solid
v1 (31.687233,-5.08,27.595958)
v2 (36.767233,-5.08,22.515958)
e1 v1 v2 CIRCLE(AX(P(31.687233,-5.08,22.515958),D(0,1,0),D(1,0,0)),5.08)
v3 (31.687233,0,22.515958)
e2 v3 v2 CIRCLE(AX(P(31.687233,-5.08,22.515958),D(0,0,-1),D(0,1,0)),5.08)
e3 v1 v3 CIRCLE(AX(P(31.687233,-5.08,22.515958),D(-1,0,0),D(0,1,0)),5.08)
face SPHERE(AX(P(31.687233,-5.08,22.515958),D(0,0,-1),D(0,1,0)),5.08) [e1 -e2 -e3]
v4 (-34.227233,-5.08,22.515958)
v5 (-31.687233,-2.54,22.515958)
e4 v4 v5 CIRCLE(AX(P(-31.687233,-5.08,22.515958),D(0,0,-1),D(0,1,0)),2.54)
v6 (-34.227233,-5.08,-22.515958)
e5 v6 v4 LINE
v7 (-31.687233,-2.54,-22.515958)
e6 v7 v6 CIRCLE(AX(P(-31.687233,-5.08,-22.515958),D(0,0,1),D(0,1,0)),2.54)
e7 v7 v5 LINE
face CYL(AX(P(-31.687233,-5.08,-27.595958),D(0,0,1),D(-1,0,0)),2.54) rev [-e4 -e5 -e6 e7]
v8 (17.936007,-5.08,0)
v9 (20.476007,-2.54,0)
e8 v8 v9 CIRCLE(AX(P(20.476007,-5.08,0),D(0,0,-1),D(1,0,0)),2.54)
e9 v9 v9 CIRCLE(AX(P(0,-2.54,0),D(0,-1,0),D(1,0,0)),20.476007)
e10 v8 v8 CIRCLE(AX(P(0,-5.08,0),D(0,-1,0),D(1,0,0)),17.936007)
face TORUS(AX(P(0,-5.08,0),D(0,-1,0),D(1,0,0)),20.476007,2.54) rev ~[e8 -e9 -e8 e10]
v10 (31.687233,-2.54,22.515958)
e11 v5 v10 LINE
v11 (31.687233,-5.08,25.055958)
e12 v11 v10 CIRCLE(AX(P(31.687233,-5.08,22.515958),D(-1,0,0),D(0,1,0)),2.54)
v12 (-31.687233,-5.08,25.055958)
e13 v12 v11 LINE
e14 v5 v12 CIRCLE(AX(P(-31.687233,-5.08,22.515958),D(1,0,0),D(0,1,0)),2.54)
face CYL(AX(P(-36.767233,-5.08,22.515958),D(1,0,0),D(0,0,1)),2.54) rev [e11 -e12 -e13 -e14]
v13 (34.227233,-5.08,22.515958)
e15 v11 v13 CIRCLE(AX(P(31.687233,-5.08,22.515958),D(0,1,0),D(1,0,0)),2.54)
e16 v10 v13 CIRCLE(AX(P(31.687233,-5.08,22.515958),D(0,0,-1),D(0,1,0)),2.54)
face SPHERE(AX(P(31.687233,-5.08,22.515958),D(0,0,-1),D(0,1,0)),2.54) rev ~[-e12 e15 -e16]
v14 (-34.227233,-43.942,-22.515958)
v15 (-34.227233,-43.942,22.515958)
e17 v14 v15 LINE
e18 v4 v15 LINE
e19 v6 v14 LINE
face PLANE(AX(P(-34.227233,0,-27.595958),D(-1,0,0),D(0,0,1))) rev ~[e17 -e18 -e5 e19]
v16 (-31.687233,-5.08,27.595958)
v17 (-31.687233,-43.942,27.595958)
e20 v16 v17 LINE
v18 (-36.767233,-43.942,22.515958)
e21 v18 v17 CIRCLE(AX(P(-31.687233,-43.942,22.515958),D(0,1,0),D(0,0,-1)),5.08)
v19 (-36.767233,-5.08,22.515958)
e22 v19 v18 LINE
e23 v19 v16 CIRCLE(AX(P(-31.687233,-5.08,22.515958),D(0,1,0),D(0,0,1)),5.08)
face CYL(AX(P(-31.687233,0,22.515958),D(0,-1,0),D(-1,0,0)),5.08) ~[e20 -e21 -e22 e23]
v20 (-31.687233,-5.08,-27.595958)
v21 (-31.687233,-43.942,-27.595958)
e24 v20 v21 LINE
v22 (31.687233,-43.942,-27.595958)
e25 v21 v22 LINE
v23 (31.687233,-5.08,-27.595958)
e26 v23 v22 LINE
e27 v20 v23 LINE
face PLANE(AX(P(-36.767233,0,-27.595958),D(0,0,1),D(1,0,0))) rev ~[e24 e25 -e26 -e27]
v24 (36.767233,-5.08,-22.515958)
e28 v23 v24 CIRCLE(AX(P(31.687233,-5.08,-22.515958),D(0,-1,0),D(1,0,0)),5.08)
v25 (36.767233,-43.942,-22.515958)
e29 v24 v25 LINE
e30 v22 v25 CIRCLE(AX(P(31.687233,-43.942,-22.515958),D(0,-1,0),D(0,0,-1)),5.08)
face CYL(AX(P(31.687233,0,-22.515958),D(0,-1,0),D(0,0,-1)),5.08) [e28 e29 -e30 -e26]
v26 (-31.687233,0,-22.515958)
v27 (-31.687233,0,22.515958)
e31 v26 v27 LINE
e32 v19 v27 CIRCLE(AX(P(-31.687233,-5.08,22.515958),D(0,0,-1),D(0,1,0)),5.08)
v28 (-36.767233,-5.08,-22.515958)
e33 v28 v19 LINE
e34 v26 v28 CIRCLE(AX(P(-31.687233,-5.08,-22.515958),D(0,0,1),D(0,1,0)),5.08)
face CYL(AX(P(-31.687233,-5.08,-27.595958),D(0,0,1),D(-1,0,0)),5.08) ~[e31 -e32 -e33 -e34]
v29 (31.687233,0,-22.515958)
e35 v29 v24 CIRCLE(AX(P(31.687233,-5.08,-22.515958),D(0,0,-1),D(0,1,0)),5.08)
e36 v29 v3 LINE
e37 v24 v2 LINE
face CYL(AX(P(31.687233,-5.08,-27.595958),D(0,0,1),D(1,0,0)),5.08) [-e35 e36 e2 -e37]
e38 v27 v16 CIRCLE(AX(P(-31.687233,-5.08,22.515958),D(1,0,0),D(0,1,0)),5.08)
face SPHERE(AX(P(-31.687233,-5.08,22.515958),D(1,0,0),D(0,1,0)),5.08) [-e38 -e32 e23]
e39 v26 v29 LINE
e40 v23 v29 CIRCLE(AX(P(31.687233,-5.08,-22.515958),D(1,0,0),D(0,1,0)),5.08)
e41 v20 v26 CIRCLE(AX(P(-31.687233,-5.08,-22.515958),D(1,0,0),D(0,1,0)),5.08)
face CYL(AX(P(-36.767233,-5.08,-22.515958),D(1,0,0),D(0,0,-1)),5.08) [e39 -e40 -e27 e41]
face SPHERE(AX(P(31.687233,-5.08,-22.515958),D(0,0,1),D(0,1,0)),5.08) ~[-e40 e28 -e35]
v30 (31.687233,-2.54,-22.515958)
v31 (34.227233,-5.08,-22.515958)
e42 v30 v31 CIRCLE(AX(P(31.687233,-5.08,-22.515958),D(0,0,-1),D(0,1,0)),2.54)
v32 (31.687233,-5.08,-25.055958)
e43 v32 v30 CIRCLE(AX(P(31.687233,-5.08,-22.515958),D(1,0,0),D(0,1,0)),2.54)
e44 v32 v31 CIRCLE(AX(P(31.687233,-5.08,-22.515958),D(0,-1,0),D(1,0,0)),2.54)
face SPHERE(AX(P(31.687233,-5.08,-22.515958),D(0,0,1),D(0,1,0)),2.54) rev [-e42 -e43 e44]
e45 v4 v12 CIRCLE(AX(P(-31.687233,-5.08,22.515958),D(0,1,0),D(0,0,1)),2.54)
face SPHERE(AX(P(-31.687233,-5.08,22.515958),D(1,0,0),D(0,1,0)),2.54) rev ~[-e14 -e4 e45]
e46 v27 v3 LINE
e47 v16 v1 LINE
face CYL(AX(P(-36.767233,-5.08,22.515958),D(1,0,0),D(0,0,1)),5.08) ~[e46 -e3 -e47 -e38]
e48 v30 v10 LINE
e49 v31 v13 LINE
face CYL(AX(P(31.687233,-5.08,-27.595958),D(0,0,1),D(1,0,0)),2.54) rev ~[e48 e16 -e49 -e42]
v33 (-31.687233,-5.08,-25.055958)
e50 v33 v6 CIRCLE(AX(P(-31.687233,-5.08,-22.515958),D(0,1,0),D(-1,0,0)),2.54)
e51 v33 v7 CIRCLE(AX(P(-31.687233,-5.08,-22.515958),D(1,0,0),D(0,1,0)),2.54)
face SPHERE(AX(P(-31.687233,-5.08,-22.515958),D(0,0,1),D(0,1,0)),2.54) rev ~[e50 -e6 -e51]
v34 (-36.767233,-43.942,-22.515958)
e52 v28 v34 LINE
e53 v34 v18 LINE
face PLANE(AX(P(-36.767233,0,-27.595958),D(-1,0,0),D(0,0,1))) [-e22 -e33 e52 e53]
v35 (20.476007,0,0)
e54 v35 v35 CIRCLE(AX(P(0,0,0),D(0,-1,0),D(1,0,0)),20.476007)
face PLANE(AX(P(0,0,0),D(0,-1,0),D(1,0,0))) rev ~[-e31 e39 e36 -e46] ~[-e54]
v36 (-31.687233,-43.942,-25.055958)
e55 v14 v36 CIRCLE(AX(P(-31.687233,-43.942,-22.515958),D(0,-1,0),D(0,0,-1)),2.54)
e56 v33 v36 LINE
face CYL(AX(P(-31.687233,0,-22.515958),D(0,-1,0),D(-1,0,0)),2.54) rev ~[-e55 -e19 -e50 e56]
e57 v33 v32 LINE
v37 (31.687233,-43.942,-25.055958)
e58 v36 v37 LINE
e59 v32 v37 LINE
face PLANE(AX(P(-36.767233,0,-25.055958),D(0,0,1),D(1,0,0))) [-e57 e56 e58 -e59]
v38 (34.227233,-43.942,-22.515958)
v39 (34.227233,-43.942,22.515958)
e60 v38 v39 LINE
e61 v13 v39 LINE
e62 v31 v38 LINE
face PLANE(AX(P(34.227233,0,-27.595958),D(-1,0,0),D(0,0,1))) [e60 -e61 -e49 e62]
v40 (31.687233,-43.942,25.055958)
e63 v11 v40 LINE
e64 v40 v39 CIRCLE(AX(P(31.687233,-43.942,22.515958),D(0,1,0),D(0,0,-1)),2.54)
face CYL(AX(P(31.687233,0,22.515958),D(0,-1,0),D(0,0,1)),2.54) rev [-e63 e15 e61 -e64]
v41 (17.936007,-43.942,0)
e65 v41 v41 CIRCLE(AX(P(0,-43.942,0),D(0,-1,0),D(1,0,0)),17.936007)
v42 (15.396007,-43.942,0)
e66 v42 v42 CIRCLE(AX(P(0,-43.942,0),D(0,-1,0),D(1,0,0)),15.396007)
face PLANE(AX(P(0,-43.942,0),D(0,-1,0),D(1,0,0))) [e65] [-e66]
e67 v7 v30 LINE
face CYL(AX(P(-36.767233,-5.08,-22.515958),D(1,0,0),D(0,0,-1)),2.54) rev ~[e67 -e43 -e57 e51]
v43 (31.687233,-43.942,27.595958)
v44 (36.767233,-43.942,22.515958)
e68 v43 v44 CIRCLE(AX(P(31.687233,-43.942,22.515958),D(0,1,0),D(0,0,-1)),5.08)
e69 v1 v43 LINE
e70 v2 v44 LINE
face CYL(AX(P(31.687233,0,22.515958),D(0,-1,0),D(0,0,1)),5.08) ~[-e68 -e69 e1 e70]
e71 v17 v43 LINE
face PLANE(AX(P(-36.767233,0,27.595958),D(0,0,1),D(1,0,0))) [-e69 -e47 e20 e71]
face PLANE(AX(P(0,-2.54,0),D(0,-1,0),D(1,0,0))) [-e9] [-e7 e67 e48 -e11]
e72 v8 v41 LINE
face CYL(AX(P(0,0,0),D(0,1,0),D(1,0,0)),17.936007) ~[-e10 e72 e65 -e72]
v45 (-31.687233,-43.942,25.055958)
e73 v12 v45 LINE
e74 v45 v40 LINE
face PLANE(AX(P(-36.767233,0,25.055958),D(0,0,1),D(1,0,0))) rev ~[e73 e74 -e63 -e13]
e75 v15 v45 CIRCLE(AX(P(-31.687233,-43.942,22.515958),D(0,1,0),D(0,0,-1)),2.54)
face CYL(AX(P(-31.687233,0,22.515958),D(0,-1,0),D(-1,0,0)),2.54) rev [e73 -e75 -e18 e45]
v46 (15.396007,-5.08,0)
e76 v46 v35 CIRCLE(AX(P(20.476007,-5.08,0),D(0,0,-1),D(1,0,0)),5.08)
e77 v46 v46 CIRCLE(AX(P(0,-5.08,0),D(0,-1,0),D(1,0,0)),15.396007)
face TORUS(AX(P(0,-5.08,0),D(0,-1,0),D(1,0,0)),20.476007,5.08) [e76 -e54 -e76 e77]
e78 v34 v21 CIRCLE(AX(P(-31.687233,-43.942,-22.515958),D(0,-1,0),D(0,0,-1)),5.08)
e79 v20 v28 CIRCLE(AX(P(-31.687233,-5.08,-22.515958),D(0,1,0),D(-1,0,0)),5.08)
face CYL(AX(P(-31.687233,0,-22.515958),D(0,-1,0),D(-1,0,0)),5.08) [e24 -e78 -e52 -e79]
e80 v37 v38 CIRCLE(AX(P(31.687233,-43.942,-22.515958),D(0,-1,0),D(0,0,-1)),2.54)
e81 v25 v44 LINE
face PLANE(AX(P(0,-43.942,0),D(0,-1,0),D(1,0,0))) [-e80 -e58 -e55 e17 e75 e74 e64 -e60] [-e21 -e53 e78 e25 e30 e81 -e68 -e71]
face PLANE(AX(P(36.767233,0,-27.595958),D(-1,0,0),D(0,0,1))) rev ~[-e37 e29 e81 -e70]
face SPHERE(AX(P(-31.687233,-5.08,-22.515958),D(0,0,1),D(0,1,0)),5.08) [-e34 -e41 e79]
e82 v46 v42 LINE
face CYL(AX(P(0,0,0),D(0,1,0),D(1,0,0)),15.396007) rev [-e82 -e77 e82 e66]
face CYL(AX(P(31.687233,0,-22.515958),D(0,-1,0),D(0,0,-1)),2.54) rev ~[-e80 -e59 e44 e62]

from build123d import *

# Parameters (mm, degrees)
F0_W     = 73.534466
F0_H     = 55.191916
F0_R     = 15.396007
F1_DEPTH = 43.942
F2_R     = 5.08
F3_T     = -2.54


with BuildPart() as f1:
    # F0 (on Front) → F1 (new body)
    with BuildSketch(Plane.XZ):
        Rectangle(F0_W, F0_H)
        Circle(F0_R, mode=Mode.SUBTRACT)
    extrude(amount=F1_DEPTH)

    # F2
    f2_edges = [f1.edges().sort_by_distance(p)[0] for p in [
        (36.767233, 0, 0),
        (0, 0, 27.595958),
        (-36.767233, 0, 0),
        (0, 0, -27.595958),
        (-15.396007, 0, 0),
        (-36.767233, -21.971, -27.595958),
        (36.767233, -21.971, -27.595958),
        (36.767233, -21.971, 27.595958),
        (-36.767233, -21.971, 27.595958),
    ]]
    fillet(f2_edges, radius=F2_R)

    # F3
    f3_openings = [f1.faces().sort_by_distance(p)[0] for p in [
        (35.847806, -43.942, 0),
    ]]
    offset(amount=F3_T, openings=f3_openings)


solid = f1.part
